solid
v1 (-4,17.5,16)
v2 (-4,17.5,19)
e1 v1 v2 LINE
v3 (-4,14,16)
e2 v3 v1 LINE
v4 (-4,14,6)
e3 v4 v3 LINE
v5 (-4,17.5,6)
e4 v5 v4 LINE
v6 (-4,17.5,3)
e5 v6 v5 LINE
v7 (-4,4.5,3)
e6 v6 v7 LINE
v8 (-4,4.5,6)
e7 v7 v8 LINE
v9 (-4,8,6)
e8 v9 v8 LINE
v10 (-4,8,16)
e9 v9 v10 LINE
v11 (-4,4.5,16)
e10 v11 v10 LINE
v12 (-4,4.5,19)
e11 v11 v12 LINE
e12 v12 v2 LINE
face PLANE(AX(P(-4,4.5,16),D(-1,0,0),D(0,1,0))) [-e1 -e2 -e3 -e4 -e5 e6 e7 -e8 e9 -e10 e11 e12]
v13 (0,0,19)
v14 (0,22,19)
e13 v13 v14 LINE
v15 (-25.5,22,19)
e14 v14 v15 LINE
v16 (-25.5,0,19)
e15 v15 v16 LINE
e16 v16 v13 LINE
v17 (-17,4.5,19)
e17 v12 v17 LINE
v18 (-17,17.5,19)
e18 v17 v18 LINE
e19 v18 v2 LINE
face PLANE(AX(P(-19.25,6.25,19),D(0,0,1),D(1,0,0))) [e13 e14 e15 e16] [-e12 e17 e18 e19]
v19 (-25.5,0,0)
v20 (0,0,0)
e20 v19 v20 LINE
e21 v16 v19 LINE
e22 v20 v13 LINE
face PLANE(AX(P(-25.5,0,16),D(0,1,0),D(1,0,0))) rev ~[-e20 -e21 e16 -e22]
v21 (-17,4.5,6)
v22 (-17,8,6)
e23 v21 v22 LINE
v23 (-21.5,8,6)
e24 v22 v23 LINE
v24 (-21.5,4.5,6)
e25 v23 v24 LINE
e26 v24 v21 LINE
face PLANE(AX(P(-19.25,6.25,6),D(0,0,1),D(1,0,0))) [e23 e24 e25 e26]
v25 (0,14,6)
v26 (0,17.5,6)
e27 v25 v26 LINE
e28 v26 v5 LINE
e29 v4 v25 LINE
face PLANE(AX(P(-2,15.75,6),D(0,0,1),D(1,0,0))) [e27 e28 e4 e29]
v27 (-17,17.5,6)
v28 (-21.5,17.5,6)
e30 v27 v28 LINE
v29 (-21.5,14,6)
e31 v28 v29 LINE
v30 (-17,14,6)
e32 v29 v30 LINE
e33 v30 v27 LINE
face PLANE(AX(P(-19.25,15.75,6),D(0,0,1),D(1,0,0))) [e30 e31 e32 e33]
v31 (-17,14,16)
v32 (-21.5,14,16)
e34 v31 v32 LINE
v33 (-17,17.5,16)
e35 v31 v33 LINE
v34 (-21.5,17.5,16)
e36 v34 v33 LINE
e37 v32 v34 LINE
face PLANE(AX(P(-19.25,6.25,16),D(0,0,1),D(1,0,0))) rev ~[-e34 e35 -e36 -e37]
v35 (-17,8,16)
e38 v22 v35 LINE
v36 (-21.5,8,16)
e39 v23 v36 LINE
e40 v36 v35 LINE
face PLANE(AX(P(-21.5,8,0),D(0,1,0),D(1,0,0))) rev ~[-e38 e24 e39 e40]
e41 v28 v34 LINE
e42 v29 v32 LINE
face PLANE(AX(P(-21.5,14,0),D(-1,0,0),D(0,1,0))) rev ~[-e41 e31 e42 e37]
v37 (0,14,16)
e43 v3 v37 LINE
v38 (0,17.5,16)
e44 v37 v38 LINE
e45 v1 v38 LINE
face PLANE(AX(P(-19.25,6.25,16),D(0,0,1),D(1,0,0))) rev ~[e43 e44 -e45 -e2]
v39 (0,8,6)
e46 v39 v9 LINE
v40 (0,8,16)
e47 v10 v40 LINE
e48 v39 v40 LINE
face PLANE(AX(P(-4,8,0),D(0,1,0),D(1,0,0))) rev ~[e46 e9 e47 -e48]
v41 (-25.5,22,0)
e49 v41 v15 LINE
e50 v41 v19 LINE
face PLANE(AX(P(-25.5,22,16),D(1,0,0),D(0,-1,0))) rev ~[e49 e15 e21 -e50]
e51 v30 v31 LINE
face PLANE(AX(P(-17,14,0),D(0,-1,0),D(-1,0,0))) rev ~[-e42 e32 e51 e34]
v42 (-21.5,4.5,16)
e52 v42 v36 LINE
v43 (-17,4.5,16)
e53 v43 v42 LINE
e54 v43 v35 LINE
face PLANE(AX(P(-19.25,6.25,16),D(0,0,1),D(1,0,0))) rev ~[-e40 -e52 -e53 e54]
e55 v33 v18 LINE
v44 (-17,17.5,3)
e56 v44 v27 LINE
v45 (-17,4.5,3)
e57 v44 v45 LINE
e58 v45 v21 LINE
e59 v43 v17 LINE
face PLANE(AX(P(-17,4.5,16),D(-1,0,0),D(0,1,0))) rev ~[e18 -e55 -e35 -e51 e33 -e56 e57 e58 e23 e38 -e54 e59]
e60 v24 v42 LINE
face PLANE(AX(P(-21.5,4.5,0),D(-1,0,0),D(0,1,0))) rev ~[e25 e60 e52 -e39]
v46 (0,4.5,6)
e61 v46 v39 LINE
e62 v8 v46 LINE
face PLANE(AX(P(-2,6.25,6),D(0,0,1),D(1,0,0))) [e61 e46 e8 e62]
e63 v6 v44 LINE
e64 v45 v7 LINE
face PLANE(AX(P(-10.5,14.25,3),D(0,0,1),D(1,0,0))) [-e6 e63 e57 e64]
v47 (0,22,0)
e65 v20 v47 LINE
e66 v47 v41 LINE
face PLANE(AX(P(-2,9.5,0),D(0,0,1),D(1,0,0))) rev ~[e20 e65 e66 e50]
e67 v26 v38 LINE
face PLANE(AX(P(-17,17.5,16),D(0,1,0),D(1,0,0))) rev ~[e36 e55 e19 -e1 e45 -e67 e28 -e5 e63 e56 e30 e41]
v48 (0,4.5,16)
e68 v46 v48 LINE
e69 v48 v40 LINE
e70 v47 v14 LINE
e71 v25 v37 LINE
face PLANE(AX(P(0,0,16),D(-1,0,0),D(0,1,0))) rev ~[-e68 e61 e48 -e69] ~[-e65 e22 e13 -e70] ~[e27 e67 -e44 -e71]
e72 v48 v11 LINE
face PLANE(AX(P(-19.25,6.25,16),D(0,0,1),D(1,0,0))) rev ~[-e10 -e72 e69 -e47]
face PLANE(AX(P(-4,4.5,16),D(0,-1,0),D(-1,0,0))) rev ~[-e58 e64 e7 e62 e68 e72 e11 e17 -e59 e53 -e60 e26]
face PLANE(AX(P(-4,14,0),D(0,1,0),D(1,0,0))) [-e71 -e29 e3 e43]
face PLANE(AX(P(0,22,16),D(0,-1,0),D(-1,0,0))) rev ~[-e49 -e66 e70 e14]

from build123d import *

# Parameters (mm, degrees)
F0_W     = 4.5
F0_H     = 3
F1_DEPTH = 16
F2_DEPTH = 6
F3_DEPTH = 3
F0_W_2   = 4
F4_DEPTH = 16
F5_W     = 4.5
F5_H     = 3.5
F5_W_2   = 4
F5_H_2   = 13
F6_DEPTH = 3


with BuildPart() as f1:
    # F0 (on Top) → F1 (new body)
    with BuildSketch(Plane.XY):
        Polygon((-25.5, 22), (-25.5, 11), (-21.5, 11), (-17, 11), (-17, 14), (-21.5, 14), (-21.5, 14.5), (-21.5, 17.5), (-17, 17.5), (-4, 17.5), (0, 17.5), (0, 22), align=None)
        Polygon((-25.5, 0), (0, 0), (0, 4.5), (-4, 4.5), (-17, 4.5), (-21.5, 4.5), (-21.5, 7.5), (-21.5, 8), (-21.5, 11), (-25.5, 11), align=None)
        with Locations((-19.25, 9.5)):
            Rectangle(F0_W, F0_H)
    extrude(amount=F1_DEPTH)

    # F0 (on Top) → F2 (join)
    with BuildSketch(Plane.XY):
        Polygon((-21.5, 4.5), (-17, 4.5), (-17, 5), (-17, 7.5), (-17, 8), (-21.5, 8), (-21.5, 7.5), align=None)
        Polygon((-21.5, 14), (-17, 14), (-17, 14.5), (-17, 17), (-17, 17.5), (-21.5, 17.5), (-21.5, 14.5), align=None)
        Polygon((0, 17), (0, 17.5), (-4, 17.5), (-4, 17), (-4, 14), (0, 14), (0, 14.5), align=None)
        Polygon((-4, 4.5), (0, 4.5), (0, 5), (0, 7.5), (0, 8), (-4, 8), (-4, 7.5), (-4, 5), align=None)
    extrude(amount=F2_DEPTH)

    # F0 (on Top) → F3 (join)
    with BuildSketch(Plane.XY):
        Polygon((-17, 14), (-17, 11), (-16.5, 11), (-4, 11), (-4, 14), (-4, 17), (-4, 17.5), (-17, 17.5), (-17, 17), (-17, 14.5), align=None)
        Polygon((-17, 4.5), (-4, 4.5), (-4, 5), (-4, 7.5), (-4, 8), (-4, 11), (-16.5, 11), (-17, 11), (-17, 8), (-17, 7.5), (-17, 5), align=None)
    extrude(amount=F3_DEPTH)

    # F0 (on Top) → F4 (join)
    with BuildSketch(Plane.XY):
        with Locations((-2, 9.5)):
            Rectangle(F0_W_2, F0_H)
        with Locations((-2, 12.5)):
            Rectangle(F0_W_2, F0_H)
    extrude(amount=F4_DEPTH)

    # F5 (on face) → F6 (join)
    with BuildSketch(Plane.XY.offset(16)):
        with Locations((-19.25, 6.25)):
            Rectangle(F5_W, F5_H)
        with Locations((-19.25, 15.75)):
            Rectangle(F5_W, F5_H)
        with Locations((-2, 11)):
            Rectangle(F5_W_2, F5_H_2)
        Polygon((0, 4.5), (-4, 4.5), (-17, 4.5), (-21.5, 4.5), (-21.5, 8), (-17, 8), (-17, 14), (-21.5, 14), (-21.5, 17.5), (-17, 17.5), (-4, 17.5), (0, 17.5), (0, 22), (-25.5, 22), (-25.5, 0), (0, 0), align=None)
    extrude(amount=F6_DEPTH)


solid = f1.part
